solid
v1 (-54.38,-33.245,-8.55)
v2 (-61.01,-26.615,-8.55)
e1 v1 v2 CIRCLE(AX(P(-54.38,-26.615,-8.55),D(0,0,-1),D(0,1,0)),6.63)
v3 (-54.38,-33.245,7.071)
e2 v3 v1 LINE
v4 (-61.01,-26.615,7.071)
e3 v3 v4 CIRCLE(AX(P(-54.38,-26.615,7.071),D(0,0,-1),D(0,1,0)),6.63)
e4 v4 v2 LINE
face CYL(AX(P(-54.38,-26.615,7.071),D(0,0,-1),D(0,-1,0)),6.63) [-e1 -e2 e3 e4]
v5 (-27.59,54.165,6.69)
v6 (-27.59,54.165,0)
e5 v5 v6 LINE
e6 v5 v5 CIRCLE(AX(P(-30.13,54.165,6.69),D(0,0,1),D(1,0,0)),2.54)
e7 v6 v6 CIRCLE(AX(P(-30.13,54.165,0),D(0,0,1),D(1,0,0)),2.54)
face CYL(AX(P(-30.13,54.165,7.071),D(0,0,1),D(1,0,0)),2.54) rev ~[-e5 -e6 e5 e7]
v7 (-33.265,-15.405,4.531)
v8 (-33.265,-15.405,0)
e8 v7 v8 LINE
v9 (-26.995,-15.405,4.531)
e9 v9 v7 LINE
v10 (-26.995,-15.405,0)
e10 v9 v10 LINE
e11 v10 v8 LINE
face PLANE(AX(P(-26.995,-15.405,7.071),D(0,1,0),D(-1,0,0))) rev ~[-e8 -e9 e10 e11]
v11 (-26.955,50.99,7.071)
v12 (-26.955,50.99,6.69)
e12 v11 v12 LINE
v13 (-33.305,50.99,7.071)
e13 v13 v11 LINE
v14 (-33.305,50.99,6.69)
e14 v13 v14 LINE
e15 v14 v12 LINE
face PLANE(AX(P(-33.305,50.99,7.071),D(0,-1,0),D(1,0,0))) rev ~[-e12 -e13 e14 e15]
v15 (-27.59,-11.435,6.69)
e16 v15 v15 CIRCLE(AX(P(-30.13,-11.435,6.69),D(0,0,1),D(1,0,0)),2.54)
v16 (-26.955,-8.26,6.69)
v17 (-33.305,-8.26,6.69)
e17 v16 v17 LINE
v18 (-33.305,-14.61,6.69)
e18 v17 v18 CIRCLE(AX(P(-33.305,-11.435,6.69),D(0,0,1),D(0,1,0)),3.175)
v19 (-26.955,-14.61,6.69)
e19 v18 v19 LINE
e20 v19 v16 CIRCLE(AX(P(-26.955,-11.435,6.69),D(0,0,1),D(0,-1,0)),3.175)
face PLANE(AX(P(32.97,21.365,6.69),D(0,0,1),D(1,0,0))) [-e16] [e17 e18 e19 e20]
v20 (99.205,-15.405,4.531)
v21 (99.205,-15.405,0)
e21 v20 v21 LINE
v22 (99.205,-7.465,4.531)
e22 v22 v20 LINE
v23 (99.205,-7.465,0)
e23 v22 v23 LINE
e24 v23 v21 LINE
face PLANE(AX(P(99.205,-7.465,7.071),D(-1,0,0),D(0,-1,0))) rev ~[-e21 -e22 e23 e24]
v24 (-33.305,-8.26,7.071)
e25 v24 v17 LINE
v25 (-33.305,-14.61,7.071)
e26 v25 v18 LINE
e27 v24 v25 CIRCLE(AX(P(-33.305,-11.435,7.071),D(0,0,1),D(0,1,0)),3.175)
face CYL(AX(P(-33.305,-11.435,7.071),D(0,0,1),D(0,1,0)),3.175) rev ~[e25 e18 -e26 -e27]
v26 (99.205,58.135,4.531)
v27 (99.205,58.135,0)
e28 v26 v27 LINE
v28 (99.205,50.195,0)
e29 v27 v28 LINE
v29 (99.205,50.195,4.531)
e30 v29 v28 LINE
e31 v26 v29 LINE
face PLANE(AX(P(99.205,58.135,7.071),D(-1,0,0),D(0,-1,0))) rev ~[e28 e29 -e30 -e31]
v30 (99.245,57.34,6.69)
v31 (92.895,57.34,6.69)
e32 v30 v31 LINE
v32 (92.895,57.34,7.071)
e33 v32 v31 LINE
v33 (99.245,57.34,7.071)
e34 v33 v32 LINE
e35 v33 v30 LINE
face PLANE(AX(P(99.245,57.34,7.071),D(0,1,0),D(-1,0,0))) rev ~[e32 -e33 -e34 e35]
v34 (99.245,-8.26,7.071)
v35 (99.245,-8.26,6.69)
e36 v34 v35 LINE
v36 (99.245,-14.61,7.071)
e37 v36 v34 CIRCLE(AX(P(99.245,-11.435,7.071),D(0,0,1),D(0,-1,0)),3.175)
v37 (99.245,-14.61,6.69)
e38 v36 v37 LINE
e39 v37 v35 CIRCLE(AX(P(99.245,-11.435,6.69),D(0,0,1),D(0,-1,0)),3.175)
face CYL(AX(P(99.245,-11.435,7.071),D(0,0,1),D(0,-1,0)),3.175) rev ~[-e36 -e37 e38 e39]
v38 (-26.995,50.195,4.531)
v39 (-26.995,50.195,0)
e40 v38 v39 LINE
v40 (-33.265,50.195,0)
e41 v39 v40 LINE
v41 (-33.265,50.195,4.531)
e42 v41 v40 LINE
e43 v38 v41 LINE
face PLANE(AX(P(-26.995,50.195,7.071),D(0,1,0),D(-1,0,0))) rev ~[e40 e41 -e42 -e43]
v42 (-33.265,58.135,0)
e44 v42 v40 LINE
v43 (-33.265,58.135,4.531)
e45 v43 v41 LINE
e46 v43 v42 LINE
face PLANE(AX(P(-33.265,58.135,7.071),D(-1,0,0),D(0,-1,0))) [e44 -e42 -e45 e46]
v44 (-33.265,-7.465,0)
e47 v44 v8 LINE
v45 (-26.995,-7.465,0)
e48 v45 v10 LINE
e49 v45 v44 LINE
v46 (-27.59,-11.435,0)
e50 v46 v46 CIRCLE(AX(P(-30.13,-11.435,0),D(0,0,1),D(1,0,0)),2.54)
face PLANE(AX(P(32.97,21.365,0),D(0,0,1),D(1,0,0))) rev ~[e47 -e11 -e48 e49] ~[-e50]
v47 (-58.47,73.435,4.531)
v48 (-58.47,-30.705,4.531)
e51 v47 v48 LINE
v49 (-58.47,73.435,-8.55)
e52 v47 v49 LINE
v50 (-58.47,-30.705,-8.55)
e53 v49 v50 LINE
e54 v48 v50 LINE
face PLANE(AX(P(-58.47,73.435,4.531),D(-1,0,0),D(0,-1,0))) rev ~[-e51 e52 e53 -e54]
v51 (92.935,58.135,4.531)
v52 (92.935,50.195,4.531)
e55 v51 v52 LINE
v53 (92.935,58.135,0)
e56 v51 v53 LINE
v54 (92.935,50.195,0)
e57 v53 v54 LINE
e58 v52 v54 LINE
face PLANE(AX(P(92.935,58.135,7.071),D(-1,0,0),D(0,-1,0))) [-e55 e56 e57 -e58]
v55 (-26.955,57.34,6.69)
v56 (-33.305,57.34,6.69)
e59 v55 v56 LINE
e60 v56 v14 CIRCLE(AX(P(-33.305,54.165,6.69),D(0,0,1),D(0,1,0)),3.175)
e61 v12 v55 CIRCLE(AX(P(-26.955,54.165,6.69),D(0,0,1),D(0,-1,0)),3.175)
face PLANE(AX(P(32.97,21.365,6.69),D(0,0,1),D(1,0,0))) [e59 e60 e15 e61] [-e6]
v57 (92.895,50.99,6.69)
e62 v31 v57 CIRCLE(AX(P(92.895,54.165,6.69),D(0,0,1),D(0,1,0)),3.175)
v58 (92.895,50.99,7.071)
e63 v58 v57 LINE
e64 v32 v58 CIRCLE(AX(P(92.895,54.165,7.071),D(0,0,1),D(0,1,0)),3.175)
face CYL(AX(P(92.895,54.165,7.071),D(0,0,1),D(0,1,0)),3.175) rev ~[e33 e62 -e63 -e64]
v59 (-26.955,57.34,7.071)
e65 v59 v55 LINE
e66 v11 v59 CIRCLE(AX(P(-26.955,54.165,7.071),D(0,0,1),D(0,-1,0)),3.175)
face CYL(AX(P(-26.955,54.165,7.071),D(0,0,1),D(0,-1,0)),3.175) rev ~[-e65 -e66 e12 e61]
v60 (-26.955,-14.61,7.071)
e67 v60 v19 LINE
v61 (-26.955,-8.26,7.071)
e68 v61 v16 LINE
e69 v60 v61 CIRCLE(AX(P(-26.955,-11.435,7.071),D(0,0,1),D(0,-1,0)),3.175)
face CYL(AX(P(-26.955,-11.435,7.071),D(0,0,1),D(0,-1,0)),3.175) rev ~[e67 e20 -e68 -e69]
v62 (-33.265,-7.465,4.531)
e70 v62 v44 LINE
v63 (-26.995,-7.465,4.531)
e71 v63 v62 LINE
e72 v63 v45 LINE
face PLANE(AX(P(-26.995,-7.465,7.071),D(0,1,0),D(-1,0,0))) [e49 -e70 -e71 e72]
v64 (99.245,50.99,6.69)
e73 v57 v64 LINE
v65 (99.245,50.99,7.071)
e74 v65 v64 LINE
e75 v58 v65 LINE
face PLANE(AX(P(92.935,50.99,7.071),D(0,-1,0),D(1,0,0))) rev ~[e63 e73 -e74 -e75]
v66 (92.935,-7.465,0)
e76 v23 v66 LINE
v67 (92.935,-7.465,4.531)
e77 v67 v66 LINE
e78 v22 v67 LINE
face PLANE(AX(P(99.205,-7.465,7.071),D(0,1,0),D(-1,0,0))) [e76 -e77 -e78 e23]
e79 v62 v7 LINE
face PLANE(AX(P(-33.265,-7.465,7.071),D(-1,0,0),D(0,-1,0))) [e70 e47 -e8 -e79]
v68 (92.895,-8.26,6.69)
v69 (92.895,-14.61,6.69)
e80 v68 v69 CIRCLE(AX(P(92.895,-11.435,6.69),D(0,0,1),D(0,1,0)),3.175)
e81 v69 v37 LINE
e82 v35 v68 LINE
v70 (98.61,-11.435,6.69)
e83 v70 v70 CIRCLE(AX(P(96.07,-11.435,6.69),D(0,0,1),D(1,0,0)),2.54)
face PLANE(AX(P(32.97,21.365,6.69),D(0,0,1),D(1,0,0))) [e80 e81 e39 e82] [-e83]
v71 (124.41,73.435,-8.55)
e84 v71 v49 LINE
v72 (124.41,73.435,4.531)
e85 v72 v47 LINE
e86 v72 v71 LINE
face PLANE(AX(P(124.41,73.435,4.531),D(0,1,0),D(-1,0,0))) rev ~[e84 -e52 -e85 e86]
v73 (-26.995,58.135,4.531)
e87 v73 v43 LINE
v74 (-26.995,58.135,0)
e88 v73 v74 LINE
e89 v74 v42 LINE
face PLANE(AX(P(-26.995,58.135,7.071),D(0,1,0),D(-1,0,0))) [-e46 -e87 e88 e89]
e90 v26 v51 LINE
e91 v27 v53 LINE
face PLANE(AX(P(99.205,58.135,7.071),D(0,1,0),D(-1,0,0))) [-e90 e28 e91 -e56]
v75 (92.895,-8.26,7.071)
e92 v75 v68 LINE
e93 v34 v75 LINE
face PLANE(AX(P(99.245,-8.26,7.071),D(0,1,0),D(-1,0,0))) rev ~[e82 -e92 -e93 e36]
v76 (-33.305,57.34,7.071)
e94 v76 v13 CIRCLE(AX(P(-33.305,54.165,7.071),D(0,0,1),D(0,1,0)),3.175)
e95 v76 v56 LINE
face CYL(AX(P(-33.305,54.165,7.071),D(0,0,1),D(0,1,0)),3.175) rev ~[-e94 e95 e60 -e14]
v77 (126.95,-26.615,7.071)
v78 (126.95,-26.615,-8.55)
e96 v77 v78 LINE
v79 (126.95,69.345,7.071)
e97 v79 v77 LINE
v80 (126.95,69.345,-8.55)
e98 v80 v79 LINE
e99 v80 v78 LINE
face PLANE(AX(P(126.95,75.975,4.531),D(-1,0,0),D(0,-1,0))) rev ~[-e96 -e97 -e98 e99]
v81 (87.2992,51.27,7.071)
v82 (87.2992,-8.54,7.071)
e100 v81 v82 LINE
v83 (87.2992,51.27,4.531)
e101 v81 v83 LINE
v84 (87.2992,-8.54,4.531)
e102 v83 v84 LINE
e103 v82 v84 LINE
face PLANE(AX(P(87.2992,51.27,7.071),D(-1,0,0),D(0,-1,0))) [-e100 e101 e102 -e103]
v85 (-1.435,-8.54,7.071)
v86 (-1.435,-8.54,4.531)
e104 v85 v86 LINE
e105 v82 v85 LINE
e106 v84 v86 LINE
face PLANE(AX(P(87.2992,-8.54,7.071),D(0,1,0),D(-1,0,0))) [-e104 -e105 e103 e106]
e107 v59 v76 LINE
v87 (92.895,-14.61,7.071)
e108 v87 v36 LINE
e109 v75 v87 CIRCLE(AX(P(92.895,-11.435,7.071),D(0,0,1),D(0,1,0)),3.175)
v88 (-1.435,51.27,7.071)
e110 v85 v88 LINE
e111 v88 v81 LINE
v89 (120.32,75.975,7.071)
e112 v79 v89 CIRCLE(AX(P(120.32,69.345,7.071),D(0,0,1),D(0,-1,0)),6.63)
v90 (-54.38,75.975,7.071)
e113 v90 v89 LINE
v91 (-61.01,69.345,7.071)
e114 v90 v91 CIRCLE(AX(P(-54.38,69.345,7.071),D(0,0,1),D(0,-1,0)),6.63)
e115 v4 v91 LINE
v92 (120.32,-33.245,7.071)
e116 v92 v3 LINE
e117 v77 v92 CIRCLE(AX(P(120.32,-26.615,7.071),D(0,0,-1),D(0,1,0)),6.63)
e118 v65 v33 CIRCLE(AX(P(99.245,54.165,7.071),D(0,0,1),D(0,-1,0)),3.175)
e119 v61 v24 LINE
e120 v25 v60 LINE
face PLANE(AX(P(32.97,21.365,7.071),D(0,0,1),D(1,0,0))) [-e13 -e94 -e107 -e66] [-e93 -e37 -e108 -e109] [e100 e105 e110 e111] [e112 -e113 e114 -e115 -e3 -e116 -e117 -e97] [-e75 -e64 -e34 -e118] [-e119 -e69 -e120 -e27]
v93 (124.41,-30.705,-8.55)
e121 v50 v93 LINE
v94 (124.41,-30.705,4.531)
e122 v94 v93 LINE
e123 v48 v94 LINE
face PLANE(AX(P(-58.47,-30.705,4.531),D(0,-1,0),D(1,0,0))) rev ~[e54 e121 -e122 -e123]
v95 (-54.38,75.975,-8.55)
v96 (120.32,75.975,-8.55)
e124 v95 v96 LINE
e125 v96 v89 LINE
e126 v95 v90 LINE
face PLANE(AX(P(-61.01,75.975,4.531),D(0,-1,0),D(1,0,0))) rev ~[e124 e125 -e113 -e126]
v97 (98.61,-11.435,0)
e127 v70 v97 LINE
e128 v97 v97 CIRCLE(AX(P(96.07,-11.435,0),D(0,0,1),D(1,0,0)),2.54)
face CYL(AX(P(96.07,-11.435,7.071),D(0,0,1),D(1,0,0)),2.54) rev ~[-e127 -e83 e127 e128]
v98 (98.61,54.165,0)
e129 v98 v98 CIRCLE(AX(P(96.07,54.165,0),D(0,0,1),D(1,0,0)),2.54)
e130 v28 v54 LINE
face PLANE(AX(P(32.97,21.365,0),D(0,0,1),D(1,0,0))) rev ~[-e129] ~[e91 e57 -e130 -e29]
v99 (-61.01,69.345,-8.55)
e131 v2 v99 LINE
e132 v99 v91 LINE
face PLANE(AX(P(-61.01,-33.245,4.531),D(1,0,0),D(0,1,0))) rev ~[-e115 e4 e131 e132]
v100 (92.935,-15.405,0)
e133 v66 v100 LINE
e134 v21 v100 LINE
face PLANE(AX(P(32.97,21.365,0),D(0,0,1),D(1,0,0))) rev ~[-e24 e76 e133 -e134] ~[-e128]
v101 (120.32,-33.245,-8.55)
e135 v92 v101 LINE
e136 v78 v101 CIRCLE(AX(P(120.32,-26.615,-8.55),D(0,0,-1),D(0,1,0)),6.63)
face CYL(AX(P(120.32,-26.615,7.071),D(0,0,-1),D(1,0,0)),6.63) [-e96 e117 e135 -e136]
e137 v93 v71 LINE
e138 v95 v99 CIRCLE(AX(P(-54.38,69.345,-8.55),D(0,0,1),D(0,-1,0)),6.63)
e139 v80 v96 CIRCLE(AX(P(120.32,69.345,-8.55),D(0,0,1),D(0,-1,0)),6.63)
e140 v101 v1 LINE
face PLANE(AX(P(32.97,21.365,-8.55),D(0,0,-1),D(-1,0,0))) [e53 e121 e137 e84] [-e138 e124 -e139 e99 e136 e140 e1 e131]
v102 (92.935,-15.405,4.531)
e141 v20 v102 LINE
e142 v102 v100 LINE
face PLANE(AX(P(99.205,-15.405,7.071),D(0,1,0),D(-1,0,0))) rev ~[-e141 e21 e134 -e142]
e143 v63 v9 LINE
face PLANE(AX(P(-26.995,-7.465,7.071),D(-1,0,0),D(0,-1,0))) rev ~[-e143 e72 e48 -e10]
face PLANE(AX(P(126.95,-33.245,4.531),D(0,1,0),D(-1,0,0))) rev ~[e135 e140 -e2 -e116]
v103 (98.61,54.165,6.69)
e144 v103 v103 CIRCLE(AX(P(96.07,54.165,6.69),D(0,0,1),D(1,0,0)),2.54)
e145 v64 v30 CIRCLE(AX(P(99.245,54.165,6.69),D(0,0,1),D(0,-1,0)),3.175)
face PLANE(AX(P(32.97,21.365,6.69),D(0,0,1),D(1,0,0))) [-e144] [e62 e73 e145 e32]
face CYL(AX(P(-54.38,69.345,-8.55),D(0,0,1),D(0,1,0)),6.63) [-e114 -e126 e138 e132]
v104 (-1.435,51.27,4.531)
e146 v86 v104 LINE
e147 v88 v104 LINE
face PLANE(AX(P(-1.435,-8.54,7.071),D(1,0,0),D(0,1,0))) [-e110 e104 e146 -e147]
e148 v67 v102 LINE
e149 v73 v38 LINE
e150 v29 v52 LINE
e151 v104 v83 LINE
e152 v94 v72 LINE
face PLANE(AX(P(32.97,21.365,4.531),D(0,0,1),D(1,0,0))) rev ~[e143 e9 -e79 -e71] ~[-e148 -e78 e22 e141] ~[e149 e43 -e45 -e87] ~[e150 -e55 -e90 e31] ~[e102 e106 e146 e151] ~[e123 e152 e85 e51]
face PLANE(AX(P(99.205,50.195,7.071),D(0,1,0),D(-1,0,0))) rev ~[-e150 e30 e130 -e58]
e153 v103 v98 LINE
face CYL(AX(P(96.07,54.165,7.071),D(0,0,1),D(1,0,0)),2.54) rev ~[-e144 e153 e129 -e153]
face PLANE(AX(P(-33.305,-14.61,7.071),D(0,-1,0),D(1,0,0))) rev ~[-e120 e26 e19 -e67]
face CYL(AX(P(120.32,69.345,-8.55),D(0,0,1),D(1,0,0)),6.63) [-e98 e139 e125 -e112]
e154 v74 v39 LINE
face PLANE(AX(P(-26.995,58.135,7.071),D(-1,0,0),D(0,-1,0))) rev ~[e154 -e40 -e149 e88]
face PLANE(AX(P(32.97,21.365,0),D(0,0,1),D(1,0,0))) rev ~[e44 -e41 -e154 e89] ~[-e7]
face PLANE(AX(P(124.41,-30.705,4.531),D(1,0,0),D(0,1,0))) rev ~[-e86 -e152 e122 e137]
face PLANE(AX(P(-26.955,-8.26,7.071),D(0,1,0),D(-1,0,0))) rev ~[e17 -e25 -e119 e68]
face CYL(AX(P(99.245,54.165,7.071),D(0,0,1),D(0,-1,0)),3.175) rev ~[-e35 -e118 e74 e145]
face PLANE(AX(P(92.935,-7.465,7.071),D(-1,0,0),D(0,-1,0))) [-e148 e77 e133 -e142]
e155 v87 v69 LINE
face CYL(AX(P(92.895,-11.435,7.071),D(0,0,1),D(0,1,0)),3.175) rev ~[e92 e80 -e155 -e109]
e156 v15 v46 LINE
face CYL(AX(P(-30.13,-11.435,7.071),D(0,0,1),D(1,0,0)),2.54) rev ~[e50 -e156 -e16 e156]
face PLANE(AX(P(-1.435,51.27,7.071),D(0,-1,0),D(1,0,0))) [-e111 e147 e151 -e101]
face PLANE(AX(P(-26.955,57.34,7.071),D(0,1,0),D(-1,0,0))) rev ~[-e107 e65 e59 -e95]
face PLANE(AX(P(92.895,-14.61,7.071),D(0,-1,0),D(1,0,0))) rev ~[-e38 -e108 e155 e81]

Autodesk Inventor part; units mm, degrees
ref_plane "YZ Plane" through (0, 0, 0) normal (1, 0, 0) x (0, 1, 0)
ref_plane "Work Plane3" through (32.97, 21.365, 7.071) normal (0, 0, 1) x (1, 0, 0)
sketch "Sketch3" plane through (32.97, 21.365, 7.071) normal (0, 0, 1) x (1, 0, 0)
  line L0 (93.98, -54.61) -> (-93.98, -54.61)
  line L1 (-93.98, -54.61) -> (-93.98, 54.61)
  line L2 (-93.98, 54.61) -> (93.98, 54.61)
  line L3 (93.98, 54.61) -> (93.98, -54.61)
  line L4 (93.98, -54.61) -> (-93.98, 54.61) construction
  line L5 (-93.98, -54.61) -> (93.98, 54.61) construction
  line L6 (83.1, 48.8) -> (83.1, -50.3) projected
  line L7 (-81.6, 50.3) -> (81.6, 50.3) projected
  line L8 (-32.5, -25) -> (-32.5, 25) projected
  line L9 (52.4242, 25) -> (52.4242, -25) projected
  line L10 (49.4242, -28) -> (-29.5, -28) projected
  line L11 (-29.5, 28) -> (49.4242, 28) projected
  line L12 (-34.405, 29.905) -> (54.3292, 29.905)
  line L13 (54.3292, 29.905) -> (54.3292, -29.905)
  line L14 (54.3292, -29.905) -> (-34.405, -29.905)
  line L15 (-34.405, -29.905) -> (-34.405, 29.905)
  line L16 (49.4242, 28) -> (-29.5, 28) projected
  line L17 (-32.5, 25) -> (-32.5, -25) projected
  line L18 (49.4242, -28) -> (-29.5, -28) projected
  point P0 (-56.9284, 33.08)
  dimension "d6" = 187.96
  dimension "d7" = 109.22
  dimension "d8" = 4.31
  dimension "d9" = 10.88
  dimension "d55" = 1.905
  dimension "d56" = 1.905
  dimension "d57" = 1.905
  dimension "d58" = 1.905
extrude "Extrusion2" add sketch "Sketch3" against normal blind 2.54
sketch "Sketch5" plane through (32.97, 21.365, 7.071) normal (0, 0, 1) x (1, 0, 0)
  circle A0 centre (-63.1, 32.8) radius 1.5 projected
  circle A1 centre (-63.1, -32.8) radius 1.5 projected
  circle A2 centre (63.1, 32.8) radius 1.5 projected
  circle A3 centre (63.1, 32.8) radius 1.5 projected
  circle A4 centre (63.1, 32.8) radius 1.5 projected
  circle A5 centre (63.1, 32.8) radius 1.5 projected
  circle A6 centre (63.1, -32.8) radius 1.5 projected
  line L0 (-59.965, 36.77) -> (-59.965, 28.83) projected
  line L1 (-59.965, 36.77) -> (-66.235, 36.77) projected
  line L2 (-66.235, 36.77) -> (-66.235, 28.83) projected
  line L3 (-59.965, 28.83) -> (-66.235, 28.83) projected
  circle A7 centre (-63.1, 32.8) radius 1.5 projected
  line L4 (25.03, 27.635) -> (32.97, 27.635) projected
  line L5 (25.03, 27.635) -> (25.03, 21.365) projected
  line L6 (25.03, 21.365) -> (32.97, 21.365) projected
  line L7 (32.97, 27.635) -> (32.97, 21.365) projected
  circle A8 centre (29, 24.5) radius 1.25 projected
  line L8 (-59.965, -28.83) -> (-59.965, -36.77) projected
  line L9 (-59.965, -28.83) -> (-66.235, -28.83) projected
  line L10 (-66.235, -28.83) -> (-66.235, -36.77) projected
  line L11 (-59.965, -36.77) -> (-66.235, -36.77) projected
  circle A9 centre (-63.1, -32.8) radius 1.5 projected
  line L12 (66.235, -28.83) -> (66.235, -36.77) projected
  line L13 (66.235, -28.83) -> (59.965, -28.83) projected
  line L14 (59.965, -28.83) -> (59.965, -36.77) projected
  line L15 (66.235, -36.77) -> (59.965, -36.77) projected
  circle A10 centre (63.1, -32.8) radius 1.5 projected
  line L16 (66.235, 36.77) -> (66.235, 28.83) projected
  line L17 (66.235, 36.77) -> (59.965, 36.77) projected
  line L18 (59.965, 36.77) -> (59.965, 28.83) projected
  line L19 (66.235, 28.83) -> (59.965, 28.83) projected
  circle A11 centre (63.1, 32.8) radius 1.5 projected
  point P0 (-32.97, -21.365)
sketch "Sketch4" plane through (32.97, 21.365, 7.071) normal (0, 0, 1) x (1, 0, 0)
  circle A0 centre (-63.1, 32.8) radius 1.5 projected
  circle A1 centre (-63.1, -32.8) radius 1.5 projected
  circle A2 centre (63.1, -32.8) radius 1.5 projected
  circle A3 centre (63.1, 32.8) radius 1.5 projected
  circle A4 centre (-63.1, 32.8) radius 2.54
  circle A5 centre (63.1, 32.8) radius 2.54
  circle A6 centre (-63.1, -32.8) radius 2.54
  circle A7 centre (63.1, -32.8) radius 2.54
  point P0 (-32.97, -21.365)
  dimension "d12" = 5.08
ref_plane "Work Plane4" through (92.935, -15.405, 0) normal (0, 0, 1) x (1, 0, 0)
extrude "Extrusion3" add sketch "Sketch5" against normal up to surface (7.071 mm away) contours A2 | A6 | L0 L3 L2 L1 | L8 L11 L10 L9 | L12 L15 L14 L13 | L16 L19 L18 L17
extrude "Extrusion4" cut sketch "Sketch4" against normal up to surface (7.071 mm away) contours A0 | A1 | A2 | A3 | A4 | A5 | A6 | A7
ref_plane "Work Plane5" through (-62.51, -33.015, -8.55) normal (0, 0, 1) x (1, 0, 0)
sketch "Sketch7" plane through (32.97, 21.365, 4.531) normal (0, 0, -1) x (-1, 0, 0)
  line L0 (-91.44, 52.07) -> (91.44, 52.07)
  line L1 (91.44, 52.07) -> (91.44, -52.07)
  line L2 (91.44, -52.07) -> (-91.44, -52.07)
  line L3 (-91.44, -52.07) -> (-91.44, 52.07)
  line L4 (-91.44, 52.07) -> (91.44, -52.07) construction
  line L5 (91.44, 52.07) -> (-91.44, -52.07) construction
  line L6 (-93.98, -54.61) -> (93.98, -54.61) projected
  line L7 (93.98, -54.61) -> (93.98, 54.61) projected
  line L8 (-93.98, 54.61) -> (-93.98, -54.61) projected
  line L9 (93.98, 54.61) -> (-93.98, 54.61) projected
  point P0 (32.97, -21.365)
  point P1 (0, 0)
  dimension "d22" = 2.54
  dimension "d23" = 2.54
  dimension "d24" = 2.54
  dimension "d25" = 2.54
extrude "Extrusion5" add sketch "Sketch7" along normal up to surface (13.081 mm away)
fillet "Fillet1" radius 6.63 4 edges at (-61.01, 75.975, -0.7395) (126.95, 75.975, -0.7395) (126.95, -33.245, -0.7395) (-61.01, -33.245, -0.7395)
sketch "Sketch9" plane through (32.97, 21.365, 7.071) normal (0, 0, 1) x (1, 0, 0)
  circle A0 centre (-63.1, -32.8) radius 2.54 projected
  circle A1 centre (-63.1, 32.8) radius 2.54 projected
  circle A2 centre (63.1, 32.8) radius 2.54 projected
  line L0 (66.275, -32.8) -> (59.925, -32.8) construction
  circle A3 centre (63.1, -32.8) radius 2.54 projected
  line L1 (66.275, -29.625) -> (59.925, -29.625)
  line L2 (59.925, -35.975) -> (66.275, -35.975)
  arc A4 (66.275, -35.975) -> (66.275, -29.625) centre (66.275, -32.8) ccw
  arc A5 (59.925, -29.625) -> (59.925, -35.975) centre (59.925, -32.8) ccw
  line L3 (-59.925, -32.8) -> (-66.275, -32.8) construction
  line L4 (-59.925, -29.625) -> (-66.275, -29.625)
  line L5 (-66.275, -35.975) -> (-59.925, -35.975)
  arc A6 (-59.925, -35.975) -> (-59.925, -29.625) centre (-59.925, -32.8) ccw
  arc A7 (-66.275, -29.625) -> (-66.275, -35.975) centre (-66.275, -32.8) ccw
  line L6 (66.275, 32.8) -> (59.925, 32.8) construction
  line L7 (59.965, 36.77) -> (59.965, 28.83) projected
  line L8 (66.275, 35.975) -> (59.925, 35.975)
  line L9 (59.925, 29.625) -> (66.275, 29.625)
  arc A8 (66.275, 29.625) -> (66.275, 35.975) centre (66.275, 32.8) ccw
  arc A9 (59.925, 35.975) -> (59.925, 29.625) centre (59.925, 32.8) ccw
  line L10 (-59.925, 32.8) -> (-66.275, 32.8) construction
  line L11 (-59.925, 35.975) -> (-66.275, 35.975)
  line L12 (-66.275, 29.625) -> (-59.925, 29.625)
  arc A10 (-59.925, 29.625) -> (-59.925, 35.975) centre (-59.925, 32.8) ccw
  arc A11 (-66.275, 35.975) -> (-66.275, 29.625) centre (-66.275, 32.8) ccw
  point P0 (-32.97, -21.365)
  dimension "d47" = 3.175
  dimension "d48" = 6.35
extrude "Extrusion6" cut sketch "Sketch9" against normal blind 0.381 contours A0 | A1 | A2 | A3 | A4 L2 A5 L1 | A6 L5 A7 L4 | L8 A8 L9 L7 | L7 L9 A9 L8 | A10 L12 A11 L11
properties part number "RPi Desk Case"
